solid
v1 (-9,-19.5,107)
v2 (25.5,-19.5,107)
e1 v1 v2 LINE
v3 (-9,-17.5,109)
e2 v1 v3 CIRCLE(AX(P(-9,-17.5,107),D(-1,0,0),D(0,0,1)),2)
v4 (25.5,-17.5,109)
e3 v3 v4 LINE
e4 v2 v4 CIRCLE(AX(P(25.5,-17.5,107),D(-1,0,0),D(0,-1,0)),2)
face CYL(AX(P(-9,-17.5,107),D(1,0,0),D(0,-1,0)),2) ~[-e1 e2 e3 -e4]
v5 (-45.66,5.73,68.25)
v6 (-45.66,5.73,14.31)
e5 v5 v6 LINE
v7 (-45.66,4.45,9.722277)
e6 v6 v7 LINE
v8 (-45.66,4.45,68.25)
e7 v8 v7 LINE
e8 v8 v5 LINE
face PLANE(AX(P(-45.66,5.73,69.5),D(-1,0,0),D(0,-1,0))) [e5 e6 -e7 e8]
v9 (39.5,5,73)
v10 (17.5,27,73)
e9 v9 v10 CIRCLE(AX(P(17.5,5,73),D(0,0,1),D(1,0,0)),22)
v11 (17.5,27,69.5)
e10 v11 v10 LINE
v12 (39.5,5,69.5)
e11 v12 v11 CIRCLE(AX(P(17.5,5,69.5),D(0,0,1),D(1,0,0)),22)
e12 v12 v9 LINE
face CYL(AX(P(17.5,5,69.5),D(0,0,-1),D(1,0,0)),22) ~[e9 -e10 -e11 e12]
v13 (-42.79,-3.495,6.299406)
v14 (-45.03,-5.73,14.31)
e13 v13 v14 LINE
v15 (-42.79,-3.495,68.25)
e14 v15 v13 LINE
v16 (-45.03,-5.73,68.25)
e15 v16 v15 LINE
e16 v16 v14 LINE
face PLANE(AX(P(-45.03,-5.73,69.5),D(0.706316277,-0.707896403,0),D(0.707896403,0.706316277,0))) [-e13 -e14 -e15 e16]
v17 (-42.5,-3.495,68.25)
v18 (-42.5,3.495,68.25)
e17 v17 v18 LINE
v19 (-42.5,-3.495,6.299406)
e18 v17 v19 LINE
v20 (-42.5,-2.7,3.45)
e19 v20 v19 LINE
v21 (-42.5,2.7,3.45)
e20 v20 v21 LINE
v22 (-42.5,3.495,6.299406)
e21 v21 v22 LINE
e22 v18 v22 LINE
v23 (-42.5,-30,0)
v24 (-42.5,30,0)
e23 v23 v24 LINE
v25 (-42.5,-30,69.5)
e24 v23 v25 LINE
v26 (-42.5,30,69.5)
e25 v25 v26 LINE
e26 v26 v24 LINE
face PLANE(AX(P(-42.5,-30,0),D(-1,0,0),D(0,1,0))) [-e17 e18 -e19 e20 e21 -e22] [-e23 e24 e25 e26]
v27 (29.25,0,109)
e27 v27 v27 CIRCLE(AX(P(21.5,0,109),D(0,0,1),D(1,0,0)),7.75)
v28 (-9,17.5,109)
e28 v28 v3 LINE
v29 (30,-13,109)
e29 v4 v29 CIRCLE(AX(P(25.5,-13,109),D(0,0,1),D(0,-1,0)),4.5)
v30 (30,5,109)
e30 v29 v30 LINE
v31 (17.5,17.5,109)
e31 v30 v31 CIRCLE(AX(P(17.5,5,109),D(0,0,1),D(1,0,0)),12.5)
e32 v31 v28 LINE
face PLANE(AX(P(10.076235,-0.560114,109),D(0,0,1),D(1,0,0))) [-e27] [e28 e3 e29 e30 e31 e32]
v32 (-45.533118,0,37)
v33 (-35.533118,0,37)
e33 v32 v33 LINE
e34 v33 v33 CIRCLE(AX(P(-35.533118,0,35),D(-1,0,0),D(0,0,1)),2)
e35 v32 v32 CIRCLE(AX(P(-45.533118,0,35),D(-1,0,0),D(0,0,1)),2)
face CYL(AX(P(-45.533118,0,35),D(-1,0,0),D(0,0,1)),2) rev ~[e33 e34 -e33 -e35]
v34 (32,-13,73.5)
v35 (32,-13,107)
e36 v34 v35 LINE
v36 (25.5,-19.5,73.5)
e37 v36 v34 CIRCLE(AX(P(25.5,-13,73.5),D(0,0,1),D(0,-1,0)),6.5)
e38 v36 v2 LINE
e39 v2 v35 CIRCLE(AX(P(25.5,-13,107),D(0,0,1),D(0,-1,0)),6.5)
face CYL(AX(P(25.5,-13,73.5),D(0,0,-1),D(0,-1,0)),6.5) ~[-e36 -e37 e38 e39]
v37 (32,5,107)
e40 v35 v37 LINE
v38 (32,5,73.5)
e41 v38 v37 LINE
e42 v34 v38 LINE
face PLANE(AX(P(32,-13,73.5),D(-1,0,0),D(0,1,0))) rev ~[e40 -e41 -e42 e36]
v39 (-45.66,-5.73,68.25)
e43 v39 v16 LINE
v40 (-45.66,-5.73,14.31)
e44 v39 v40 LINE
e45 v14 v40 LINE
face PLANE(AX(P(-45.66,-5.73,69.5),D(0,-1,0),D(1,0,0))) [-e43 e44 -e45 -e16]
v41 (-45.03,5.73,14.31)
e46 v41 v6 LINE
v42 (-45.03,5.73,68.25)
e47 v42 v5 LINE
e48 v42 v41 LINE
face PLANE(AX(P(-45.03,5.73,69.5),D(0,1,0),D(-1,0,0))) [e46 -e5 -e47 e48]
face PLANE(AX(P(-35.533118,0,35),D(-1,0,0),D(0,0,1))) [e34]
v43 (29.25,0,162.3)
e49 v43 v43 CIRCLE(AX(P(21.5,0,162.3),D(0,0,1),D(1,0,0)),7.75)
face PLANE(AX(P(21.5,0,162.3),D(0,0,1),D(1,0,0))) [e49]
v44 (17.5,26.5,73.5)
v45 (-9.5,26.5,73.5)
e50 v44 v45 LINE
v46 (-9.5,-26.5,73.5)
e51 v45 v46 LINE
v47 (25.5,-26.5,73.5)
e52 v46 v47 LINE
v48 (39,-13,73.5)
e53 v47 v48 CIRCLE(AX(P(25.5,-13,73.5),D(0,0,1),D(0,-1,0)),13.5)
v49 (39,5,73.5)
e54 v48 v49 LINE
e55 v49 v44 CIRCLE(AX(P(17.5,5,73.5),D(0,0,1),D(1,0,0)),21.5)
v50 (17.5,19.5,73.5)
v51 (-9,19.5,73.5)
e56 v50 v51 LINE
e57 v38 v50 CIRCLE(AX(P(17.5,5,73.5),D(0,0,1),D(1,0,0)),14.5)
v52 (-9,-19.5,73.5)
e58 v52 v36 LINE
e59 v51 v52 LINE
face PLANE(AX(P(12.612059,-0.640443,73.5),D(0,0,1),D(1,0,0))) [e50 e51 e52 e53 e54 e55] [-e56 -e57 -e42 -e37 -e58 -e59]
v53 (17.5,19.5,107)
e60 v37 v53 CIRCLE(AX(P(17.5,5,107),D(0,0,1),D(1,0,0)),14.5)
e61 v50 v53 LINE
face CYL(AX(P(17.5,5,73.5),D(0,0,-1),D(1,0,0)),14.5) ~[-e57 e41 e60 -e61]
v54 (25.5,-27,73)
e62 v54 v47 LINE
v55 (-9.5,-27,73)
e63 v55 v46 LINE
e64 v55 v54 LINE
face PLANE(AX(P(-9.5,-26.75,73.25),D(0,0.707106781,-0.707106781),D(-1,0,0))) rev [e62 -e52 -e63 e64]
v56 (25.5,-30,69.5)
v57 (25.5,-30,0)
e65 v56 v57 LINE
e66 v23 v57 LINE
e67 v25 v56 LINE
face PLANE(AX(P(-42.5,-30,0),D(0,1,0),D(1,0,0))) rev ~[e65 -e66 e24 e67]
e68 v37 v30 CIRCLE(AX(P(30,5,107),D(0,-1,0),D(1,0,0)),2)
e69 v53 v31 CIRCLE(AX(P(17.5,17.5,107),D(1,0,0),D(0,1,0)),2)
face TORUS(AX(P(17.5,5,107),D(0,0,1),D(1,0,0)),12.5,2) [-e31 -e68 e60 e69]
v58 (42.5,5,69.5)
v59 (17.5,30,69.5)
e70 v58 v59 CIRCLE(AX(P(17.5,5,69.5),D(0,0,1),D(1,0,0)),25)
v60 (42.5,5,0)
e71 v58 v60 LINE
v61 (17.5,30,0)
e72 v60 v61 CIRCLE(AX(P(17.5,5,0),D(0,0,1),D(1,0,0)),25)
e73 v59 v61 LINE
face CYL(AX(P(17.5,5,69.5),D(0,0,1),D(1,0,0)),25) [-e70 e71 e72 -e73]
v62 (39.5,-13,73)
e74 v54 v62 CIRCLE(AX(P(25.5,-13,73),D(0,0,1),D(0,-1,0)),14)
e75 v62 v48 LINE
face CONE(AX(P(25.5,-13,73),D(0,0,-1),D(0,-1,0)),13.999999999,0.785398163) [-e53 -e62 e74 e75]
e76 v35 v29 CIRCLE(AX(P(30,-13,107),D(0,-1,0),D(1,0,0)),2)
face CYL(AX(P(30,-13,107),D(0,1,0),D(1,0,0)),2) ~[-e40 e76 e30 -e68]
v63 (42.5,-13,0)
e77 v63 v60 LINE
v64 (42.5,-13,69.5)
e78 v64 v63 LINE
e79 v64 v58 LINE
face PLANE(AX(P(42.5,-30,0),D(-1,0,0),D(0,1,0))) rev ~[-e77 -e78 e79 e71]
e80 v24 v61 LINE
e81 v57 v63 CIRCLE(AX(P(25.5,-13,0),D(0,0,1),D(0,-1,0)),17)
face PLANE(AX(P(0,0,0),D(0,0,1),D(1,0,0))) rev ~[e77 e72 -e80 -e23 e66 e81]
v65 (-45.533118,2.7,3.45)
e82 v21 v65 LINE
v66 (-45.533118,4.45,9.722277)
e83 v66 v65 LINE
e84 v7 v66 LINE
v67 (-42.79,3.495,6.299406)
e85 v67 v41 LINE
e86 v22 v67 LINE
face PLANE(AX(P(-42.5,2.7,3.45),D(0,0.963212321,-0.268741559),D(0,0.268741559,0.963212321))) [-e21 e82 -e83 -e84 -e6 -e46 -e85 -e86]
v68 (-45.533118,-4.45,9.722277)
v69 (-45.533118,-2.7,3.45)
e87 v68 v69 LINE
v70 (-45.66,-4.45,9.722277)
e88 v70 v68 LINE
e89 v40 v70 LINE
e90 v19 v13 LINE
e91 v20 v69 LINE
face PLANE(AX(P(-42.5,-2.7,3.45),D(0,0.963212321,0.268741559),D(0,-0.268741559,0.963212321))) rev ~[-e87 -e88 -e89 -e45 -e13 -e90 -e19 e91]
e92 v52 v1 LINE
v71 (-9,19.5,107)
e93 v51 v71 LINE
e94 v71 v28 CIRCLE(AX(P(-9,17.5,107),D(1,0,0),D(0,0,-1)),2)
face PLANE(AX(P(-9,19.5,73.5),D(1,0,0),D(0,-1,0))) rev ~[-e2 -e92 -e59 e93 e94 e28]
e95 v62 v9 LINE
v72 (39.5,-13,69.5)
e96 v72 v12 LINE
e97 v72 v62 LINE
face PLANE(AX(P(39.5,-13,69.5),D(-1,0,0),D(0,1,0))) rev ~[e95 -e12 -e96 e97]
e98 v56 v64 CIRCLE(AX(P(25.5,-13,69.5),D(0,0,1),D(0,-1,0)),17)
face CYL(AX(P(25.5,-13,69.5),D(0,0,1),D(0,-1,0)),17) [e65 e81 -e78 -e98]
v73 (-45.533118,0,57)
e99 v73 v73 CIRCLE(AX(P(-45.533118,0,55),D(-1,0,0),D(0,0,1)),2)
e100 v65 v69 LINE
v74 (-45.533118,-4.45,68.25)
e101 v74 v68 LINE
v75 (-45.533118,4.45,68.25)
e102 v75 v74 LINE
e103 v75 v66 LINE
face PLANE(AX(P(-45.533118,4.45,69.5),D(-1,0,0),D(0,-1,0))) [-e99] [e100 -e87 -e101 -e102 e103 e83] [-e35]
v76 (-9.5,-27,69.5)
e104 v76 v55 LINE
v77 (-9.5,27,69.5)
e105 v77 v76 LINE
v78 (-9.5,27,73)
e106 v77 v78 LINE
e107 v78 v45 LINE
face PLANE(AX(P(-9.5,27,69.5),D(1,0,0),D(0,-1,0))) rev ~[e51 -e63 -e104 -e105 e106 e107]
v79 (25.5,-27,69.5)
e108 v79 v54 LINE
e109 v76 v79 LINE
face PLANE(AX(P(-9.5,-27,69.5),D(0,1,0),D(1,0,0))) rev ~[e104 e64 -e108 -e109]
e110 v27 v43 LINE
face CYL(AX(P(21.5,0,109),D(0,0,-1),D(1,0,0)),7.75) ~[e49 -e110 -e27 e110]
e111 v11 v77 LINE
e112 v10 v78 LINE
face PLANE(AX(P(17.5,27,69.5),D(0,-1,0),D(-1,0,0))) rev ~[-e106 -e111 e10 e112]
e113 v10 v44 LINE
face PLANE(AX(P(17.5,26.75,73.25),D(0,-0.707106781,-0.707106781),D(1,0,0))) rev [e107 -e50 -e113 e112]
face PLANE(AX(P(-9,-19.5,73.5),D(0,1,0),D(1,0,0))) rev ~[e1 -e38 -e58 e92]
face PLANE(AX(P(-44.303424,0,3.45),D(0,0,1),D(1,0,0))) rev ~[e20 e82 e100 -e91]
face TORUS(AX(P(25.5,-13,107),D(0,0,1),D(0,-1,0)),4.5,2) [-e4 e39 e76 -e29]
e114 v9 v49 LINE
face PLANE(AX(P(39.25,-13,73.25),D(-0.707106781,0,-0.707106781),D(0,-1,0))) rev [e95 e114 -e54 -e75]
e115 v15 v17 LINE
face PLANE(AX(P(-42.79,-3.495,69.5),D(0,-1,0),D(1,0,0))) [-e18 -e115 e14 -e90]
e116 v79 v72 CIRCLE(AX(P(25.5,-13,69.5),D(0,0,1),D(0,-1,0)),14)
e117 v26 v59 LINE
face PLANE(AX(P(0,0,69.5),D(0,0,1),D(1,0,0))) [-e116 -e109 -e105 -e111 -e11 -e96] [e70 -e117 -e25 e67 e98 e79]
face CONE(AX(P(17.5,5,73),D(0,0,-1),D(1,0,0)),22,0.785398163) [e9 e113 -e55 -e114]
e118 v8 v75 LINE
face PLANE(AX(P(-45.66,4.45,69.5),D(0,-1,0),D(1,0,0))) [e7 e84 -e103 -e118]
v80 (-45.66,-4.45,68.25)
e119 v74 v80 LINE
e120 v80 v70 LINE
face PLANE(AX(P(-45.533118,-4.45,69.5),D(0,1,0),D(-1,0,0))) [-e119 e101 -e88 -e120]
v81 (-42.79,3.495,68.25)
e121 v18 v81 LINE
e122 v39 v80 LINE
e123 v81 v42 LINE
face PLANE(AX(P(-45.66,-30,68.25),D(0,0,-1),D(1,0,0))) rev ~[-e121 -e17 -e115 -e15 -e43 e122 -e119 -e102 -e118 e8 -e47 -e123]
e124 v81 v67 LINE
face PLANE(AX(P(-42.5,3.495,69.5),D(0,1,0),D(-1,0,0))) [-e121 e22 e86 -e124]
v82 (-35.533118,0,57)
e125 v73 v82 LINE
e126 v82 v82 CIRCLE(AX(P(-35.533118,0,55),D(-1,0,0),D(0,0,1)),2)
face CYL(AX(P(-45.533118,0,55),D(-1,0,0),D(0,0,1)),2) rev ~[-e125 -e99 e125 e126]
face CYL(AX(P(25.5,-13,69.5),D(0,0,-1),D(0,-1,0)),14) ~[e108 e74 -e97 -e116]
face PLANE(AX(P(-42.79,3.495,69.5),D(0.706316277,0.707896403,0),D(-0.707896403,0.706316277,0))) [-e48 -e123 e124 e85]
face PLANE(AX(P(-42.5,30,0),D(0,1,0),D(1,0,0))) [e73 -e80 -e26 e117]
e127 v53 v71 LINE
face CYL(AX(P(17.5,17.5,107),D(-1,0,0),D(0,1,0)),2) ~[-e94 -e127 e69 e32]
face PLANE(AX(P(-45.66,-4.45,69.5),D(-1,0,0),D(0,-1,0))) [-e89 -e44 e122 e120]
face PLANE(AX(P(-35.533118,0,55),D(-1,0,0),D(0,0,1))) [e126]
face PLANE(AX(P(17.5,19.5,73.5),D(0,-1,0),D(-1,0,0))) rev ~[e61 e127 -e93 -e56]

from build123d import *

# Parameters (mm, degrees)
SKETCH1_W           = 85
SKETCH1_H           = 60
BOSS_EXTRUDE1_DEPTH = 69.5
BOSS_EXTRUDE2_DEPTH = 66.05
SKETCH3_W           = 3.16
SKETCH3_H           = 1.25
CUT_EXTRUDE1_DEPTH  = 103.54309143
CUT_EXTRUDE2_DEPTH  = 114.821131606
CUT_EXTRUDE3_DEPTH  = 89.402972801
BOSS_EXTRUDE3_DEPTH = 4
CHAMFER1_SIZE       = 0.5
BOSS_EXTRUDE4_DEPTH = 35.5
SKETCH8_R           = 7.75
BOSS_EXTRUDE5_DEPTH = 53.3
FILLET1_R           = 2
SKETCH9_R           = 2
CUT_EXTRUDE4_DEPTH  = 10


with BuildPart() as part:
    # Sketch1 → Boss-Extrude1 (new body)
    with BuildSketch(Plane.XY):
        Rectangle(SKETCH1_W, SKETCH1_H)
    extrude(amount=BOSS_EXTRUDE1_DEPTH)

    # Sketch2 → Boss-Extrude2 (add)
    with BuildSketch(Plane.XY.offset(69.5)):
        Polygon((-42.5, 3.495), (-42.79, 3.495), (-45.03, 5.73), (-45.66, 5.73), (-45.66, 4.45), (-45.533118158, 4.45), (-45.533118158, -4.45), (-45.66, -4.45), (-45.66, -5.73), (-45.03, -5.73), (-42.79, -3.495), (-42.5, -3.495), align=None)
    extrude(amount=-BOSS_EXTRUDE2_DEPTH)

    # Sketch3 → Cut-Extrude1 (cut, through all)
    with BuildSketch(Plane.XZ.offset(30)):
        with Locations((-44.08, 68.875)):
            Rectangle(SKETCH3_W, SKETCH3_H)
    extrude(amount=-CUT_EXTRUDE1_DEPTH, mode=Mode.SUBTRACT)

    # Sketch4 → Cut-Extrude2 (cut, through all)
    with BuildSketch(Plane.ZY.offset(42.5)):
        Polygon((3.45, 2.7), (14.31, 5.73), (3.45, 5.73), align=None)
        Polygon((3.45, -5.73), (3.45, -2.7), (14.31, -5.73), align=None)
    extrude(amount=CUT_EXTRUDE2_DEPTH, mode=Mode.SUBTRACT)

    # Sketch5 → Cut-Extrude3 (cut, through all)
    with BuildSketch(Plane.XY.offset(69.5)):
        with BuildLine():
            Line((42.5, -13), (42.5, -30))
            Line((42.5, -30), (25.5, -30))
            ThreePointArc((25.5, -30), (37.52081528, -25.02081528), (42.5, -13))
        make_face()
        with BuildLine():
            Line((17.5, 30), (42.5, 30))
            Line((42.5, 30), (42.5, 5))
            ThreePointArc((42.5, 5), (35.17766953, 22.67766953), (17.5, 30))
        make_face()
    extrude(amount=-CUT_EXTRUDE3_DEPTH, mode=Mode.SUBTRACT)

    # Sketch6 → Boss-Extrude3 (add)
    with BuildSketch(Plane.XY.offset(69.5)):
        with BuildLine():
            Line((17.5, 27), (-9.5, 27))
            Line((-9.5, 27), (-9.5, -27))
            Line((-9.5, -27), (17.308513795, -27))
            Line((17.308513795, -27), (25.5, -27))
            ThreePointArc((25.5, -27), (35.399494937, -22.899494937), (39.5, -13))
            Line((39.5, -13), (39.5, 5))
            ThreePointArc((39.5, 5), (33.056349186, 20.556349186), (17.5, 27))
        make_face()
    extrude(amount=BOSS_EXTRUDE3_DEPTH)

    # Chamfer1
    chamfer1_edges = [part.edges().sort_by_distance(p)[0] for p in [
        (33.056349186, 20.556349186, 73.5),
        (4, 27, 73.5),
        (8, -27, 73.5),
        (35.399494937, -22.899494937, 73.5),
        (39.5, -4, 73.5),
    ]]
    chamfer(chamfer1_edges, length=CHAMFER1_SIZE)

    # Sketch7 → Boss-Extrude4 (add)
    with BuildSketch(Plane.XY.offset(73.5)):
        with BuildLine():
            Line((-9, 19.5), (-9, -19.5))
            Line((-9, -19.5), (25.5, -19.5))
            ThreePointArc((25.5, -19.5), (30.096194078, -17.596194078), (32, -13))
            Line((32, -13), (32, 5))
            ThreePointArc((32, 5), (27.753048327, 15.253048327), (17.5, 19.5))
            Line((17.5, 19.5), (-9, 19.5))
        make_face()
    extrude(amount=BOSS_EXTRUDE4_DEPTH)

    # Sketch8 → Boss-Extrude5 (add)
    with BuildSketch(Plane.XY.offset(109)):
        with Locations((21.5, 0)):
            Circle(SKETCH8_R)
    extrude(amount=BOSS_EXTRUDE5_DEPTH)

    # Fillet1
    fillet1_edges = [part.edges().sort_by_distance(p)[0] for p in [
        (4.25, 19.5, 109),
        (8.25, -19.5, 109),
        (30.096194078, -17.596194078, 109),
        (32, -4, 109),
        (27.753048327, 15.253048327, 109),
    ]]
    fillet(fillet1_edges, radius=FILLET1_R)

    # Sketch9 → Cut-Extrude4 (cut)
    with BuildSketch(Plane.ZY.offset(45.533118158)):
        with Locations((55, 0)):
            Circle(SKETCH9_R)
        with Locations((35, 0)):
            Circle(SKETCH9_R)
    extrude(amount=-CUT_EXTRUDE4_DEPTH, mode=Mode.SUBTRACT)


solid = part.part
